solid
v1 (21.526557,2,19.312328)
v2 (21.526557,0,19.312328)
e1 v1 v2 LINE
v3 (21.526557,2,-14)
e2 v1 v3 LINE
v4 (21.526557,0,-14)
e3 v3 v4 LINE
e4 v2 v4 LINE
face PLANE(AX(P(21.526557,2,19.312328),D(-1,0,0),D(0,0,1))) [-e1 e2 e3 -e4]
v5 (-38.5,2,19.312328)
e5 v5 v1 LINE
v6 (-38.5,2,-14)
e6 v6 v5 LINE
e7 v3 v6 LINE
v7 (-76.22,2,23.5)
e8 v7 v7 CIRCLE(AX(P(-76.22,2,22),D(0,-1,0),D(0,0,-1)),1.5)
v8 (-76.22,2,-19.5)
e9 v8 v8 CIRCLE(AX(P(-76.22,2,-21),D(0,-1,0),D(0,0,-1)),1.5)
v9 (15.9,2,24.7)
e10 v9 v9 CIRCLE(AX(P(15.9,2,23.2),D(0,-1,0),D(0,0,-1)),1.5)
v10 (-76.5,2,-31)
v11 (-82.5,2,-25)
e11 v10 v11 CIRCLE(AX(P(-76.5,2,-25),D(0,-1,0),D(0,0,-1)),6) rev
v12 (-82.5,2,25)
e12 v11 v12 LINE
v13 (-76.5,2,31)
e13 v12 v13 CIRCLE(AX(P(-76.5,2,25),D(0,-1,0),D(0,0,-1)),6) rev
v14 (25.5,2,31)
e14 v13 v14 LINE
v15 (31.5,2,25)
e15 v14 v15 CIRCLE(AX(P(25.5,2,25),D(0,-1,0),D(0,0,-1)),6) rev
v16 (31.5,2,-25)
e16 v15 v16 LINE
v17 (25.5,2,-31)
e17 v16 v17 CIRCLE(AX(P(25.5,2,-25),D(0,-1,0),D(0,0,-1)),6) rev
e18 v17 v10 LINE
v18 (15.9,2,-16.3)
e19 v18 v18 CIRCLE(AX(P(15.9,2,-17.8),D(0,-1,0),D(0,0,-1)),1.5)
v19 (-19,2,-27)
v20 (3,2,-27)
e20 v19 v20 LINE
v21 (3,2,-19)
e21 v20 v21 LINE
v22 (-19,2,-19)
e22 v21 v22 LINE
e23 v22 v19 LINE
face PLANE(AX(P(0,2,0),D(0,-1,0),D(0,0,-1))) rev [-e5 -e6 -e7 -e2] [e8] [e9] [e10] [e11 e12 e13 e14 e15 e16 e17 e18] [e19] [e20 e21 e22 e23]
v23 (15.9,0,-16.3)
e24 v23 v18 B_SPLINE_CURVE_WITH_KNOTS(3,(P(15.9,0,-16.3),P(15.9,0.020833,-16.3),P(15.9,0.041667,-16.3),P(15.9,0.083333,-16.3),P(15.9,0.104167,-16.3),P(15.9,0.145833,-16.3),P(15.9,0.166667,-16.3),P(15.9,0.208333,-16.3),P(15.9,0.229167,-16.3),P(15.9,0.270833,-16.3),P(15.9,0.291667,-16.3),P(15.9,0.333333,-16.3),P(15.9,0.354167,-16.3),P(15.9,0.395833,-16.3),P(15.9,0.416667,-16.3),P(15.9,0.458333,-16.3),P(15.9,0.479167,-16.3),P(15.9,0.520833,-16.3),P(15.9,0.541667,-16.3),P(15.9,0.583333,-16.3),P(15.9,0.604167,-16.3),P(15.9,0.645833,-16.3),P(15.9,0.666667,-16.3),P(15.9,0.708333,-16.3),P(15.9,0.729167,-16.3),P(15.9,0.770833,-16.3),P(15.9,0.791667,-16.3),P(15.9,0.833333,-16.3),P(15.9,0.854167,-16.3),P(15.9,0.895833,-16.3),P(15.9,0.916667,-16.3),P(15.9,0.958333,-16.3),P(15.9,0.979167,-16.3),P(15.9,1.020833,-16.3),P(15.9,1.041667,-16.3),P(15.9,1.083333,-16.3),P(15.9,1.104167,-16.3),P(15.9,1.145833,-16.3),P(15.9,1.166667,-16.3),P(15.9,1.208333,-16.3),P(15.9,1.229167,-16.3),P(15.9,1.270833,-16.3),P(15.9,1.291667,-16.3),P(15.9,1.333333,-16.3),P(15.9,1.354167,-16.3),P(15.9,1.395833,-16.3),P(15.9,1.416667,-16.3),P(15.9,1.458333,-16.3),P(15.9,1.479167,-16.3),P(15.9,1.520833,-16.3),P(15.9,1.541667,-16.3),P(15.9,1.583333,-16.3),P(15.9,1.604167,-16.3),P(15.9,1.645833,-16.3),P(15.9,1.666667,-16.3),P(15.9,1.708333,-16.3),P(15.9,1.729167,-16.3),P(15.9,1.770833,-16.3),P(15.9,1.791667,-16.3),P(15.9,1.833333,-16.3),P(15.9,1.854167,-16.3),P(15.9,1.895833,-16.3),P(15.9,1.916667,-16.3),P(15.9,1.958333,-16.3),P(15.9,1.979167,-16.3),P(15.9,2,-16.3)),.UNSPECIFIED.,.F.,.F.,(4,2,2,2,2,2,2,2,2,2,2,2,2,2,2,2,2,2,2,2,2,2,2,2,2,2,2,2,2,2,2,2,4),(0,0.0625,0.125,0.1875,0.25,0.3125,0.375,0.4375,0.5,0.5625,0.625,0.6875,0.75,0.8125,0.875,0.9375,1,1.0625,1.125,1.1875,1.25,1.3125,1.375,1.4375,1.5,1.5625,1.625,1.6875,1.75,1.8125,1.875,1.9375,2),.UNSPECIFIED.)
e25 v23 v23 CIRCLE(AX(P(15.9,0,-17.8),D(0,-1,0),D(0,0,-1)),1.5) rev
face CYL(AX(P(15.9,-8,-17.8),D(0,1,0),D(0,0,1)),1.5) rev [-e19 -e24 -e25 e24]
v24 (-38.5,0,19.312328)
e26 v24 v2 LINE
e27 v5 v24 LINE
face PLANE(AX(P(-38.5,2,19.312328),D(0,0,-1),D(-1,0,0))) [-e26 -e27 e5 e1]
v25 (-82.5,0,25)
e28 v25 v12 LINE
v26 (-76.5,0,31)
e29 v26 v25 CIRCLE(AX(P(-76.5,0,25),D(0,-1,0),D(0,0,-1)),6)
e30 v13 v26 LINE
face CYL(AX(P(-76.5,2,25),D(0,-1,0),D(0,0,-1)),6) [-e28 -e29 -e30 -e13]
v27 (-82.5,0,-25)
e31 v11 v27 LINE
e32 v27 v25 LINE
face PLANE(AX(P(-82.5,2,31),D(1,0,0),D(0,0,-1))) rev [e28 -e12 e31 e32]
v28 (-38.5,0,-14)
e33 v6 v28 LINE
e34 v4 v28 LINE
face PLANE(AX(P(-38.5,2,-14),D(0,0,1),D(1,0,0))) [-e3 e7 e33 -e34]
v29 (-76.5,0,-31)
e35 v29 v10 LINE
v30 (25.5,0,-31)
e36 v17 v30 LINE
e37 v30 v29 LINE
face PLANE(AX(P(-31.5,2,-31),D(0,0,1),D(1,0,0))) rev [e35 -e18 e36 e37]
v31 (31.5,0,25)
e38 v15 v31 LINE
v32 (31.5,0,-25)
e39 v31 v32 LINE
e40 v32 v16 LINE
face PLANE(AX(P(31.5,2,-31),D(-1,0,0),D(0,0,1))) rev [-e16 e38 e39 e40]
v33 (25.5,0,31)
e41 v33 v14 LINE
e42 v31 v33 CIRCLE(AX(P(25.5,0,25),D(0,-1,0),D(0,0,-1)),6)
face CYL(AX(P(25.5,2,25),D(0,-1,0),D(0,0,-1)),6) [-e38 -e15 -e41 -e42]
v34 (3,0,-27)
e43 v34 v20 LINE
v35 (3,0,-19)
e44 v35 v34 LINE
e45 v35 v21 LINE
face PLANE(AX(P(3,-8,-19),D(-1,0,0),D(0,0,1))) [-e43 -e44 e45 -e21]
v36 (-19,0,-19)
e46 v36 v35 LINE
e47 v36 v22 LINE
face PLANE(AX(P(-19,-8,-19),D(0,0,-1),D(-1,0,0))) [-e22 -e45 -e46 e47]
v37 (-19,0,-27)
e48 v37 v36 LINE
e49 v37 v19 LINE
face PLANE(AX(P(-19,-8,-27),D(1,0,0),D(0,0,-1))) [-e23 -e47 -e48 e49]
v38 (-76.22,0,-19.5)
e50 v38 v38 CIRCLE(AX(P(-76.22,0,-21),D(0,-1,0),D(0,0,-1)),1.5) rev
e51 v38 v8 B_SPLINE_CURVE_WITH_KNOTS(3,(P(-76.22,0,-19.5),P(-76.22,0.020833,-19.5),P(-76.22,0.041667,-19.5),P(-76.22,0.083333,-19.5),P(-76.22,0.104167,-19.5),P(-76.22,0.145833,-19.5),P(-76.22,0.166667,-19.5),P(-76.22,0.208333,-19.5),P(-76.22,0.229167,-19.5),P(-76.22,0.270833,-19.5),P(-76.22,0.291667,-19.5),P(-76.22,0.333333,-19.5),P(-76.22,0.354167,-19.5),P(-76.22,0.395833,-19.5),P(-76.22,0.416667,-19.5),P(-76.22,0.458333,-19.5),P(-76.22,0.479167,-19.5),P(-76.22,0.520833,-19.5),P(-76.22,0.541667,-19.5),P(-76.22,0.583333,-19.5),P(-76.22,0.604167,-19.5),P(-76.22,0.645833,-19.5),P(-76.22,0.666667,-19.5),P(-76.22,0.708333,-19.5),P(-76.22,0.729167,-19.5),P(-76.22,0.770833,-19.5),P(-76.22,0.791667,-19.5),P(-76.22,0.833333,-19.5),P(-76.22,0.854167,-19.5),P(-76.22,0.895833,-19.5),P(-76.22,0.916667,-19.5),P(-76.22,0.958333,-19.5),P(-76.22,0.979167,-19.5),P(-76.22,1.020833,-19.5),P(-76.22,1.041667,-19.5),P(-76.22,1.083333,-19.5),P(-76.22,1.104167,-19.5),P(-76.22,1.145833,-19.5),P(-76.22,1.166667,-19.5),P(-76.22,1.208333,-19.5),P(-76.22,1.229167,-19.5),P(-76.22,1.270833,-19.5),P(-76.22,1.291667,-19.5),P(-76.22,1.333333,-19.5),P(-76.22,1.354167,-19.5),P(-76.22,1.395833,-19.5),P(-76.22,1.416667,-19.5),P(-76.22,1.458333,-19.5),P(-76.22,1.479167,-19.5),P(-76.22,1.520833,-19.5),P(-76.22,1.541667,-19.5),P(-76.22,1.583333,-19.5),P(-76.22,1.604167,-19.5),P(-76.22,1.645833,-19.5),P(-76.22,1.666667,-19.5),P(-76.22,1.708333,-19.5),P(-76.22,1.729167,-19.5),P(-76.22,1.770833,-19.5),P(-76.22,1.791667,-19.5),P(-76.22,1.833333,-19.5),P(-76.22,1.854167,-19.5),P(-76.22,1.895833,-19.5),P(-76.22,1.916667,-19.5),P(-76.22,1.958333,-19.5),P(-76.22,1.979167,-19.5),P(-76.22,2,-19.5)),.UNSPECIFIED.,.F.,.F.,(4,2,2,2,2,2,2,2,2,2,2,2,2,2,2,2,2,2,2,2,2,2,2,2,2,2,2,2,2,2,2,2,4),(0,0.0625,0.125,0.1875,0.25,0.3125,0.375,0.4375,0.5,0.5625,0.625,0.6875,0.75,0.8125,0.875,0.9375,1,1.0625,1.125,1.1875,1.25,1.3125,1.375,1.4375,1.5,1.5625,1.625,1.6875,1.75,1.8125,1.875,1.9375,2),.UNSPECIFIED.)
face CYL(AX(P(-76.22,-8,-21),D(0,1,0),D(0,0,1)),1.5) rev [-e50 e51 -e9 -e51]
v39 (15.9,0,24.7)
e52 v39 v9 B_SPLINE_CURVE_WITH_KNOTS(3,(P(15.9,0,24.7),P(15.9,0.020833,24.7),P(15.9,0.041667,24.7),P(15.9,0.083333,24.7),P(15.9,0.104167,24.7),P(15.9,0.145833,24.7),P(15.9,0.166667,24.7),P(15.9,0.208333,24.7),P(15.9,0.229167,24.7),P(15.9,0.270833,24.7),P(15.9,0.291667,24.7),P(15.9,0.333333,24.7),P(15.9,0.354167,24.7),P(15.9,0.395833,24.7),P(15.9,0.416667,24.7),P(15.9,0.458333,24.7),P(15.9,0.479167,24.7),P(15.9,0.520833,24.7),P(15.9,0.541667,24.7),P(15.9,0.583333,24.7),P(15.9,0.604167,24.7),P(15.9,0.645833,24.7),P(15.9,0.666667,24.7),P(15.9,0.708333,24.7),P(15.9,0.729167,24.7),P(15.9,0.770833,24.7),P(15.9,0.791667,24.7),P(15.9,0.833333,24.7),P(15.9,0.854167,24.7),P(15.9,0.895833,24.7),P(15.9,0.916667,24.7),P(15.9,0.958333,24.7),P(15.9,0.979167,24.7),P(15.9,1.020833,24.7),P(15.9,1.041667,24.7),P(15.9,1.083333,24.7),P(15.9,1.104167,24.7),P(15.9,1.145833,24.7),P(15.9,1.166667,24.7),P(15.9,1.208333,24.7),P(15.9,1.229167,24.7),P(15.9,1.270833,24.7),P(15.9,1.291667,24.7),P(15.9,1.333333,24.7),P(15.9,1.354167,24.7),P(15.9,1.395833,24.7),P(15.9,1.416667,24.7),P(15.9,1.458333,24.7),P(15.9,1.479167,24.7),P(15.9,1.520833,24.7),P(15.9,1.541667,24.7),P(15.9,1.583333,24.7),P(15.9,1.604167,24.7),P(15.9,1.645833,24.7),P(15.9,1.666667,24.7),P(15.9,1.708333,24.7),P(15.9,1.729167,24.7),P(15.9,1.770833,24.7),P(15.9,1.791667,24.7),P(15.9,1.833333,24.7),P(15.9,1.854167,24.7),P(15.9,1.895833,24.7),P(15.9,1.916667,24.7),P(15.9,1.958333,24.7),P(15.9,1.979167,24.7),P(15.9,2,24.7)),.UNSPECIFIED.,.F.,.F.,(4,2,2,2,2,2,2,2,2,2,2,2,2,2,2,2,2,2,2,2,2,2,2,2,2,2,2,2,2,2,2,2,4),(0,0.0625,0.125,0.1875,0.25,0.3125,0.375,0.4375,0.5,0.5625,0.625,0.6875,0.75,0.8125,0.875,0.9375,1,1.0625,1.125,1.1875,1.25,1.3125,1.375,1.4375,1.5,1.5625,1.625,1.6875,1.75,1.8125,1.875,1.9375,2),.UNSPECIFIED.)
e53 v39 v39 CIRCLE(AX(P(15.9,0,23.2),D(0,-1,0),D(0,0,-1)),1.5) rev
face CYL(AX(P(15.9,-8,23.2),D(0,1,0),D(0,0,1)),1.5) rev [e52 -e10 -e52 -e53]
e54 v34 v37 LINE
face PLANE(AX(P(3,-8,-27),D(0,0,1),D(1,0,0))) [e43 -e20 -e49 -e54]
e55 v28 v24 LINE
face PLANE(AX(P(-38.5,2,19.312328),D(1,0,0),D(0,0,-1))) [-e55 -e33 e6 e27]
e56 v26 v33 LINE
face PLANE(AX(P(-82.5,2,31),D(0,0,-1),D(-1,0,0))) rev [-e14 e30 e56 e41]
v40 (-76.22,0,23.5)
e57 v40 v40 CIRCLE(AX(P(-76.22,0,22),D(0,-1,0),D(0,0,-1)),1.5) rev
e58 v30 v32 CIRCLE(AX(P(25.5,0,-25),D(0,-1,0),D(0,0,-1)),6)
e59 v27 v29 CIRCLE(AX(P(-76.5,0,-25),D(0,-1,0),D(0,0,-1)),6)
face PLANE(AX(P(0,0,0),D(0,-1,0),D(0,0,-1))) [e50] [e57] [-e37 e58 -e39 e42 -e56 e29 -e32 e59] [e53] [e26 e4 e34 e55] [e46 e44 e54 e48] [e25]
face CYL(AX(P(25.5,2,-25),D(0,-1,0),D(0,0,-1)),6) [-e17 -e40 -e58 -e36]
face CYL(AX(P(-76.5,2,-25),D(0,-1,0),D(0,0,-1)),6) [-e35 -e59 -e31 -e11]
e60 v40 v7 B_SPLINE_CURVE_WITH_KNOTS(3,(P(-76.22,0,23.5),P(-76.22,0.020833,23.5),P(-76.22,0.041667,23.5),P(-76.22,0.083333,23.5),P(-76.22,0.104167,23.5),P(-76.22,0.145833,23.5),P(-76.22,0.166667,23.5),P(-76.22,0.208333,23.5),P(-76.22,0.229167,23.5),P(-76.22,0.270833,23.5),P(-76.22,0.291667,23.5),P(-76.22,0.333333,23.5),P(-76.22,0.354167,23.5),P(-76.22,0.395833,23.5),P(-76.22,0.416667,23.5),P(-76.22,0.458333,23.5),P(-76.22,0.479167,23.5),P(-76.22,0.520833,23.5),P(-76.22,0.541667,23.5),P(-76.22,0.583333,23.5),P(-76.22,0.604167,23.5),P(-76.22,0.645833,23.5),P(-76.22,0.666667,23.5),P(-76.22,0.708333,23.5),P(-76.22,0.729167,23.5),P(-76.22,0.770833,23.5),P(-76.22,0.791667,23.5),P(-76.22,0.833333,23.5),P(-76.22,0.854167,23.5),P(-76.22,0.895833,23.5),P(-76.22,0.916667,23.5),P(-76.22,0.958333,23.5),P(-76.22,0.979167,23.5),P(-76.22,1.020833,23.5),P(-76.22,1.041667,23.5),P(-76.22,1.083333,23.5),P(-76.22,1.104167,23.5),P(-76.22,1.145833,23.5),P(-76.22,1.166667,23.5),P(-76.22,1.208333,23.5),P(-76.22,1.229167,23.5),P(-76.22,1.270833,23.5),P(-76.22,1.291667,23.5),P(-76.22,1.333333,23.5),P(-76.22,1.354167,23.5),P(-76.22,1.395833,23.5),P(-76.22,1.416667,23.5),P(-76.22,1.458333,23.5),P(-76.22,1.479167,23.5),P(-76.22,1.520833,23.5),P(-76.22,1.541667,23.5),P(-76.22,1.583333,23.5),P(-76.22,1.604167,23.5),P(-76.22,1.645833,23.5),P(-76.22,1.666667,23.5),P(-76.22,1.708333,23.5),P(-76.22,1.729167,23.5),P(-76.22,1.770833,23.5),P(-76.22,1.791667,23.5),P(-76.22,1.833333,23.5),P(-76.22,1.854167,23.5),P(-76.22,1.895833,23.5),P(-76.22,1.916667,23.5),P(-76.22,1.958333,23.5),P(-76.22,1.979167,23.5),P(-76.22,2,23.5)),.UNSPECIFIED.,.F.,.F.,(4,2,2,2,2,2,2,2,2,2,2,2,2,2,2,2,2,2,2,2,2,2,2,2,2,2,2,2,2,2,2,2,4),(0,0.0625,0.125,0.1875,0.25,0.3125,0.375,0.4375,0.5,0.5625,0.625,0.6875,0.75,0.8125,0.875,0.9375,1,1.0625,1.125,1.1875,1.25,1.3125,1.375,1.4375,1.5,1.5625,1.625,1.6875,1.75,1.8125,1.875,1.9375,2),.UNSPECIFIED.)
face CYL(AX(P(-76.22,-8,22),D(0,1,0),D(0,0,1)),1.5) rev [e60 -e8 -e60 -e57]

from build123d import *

# Parameters (mm, degrees)
SKETCH_1_W          = 60.026557182
SKETCH_1_H          = 33.312327563
EXTRUDE_1_DEPTH     = 2
SKETCH_3_R          = 1.5
SKETCH_3_W          = 22
SKETCH_3_H          = 8
CUT_EXTRUDE_1_DEPTH = 10
FILLET_1_R          = 6


with BuildPart() as part:
    # Эскиз1 → Бобышка-Вытянуть1 (new body)
    with BuildSketch(Plane(origin=(0, 0, 0), x_dir=(1, 0, 0), z_dir=(0, 1, 0))):
        Polygon((-82.5, -31), (-82.5, -21), (-82.5, 31), (-31.5, 31), (31.5, 31), (31.5, -31), align=None)
        with Locations((-8.486721409, -2.656163782)):
            Rectangle(SKETCH_1_W, SKETCH_1_H, mode=Mode.SUBTRACT)
    extrude(amount=EXTRUDE_1_DEPTH)

    # Эскиз3 → Вырез-Вытянуть1 (cut)
    with BuildSketch(Plane.XZ.offset(-2)):
        with Locations(Location((15.9, 23.2, 0), (0, 0, 270))):
            Circle(SKETCH_3_R)
        with Locations(Location((15.9, -17.8, 0), (0, 0, 270))):
            Circle(SKETCH_3_R)
        with Locations(Location((-76.22, 22, 0), (0, 0, 270))):
            Circle(SKETCH_3_R)
        with Locations(Location((-76.22, -21, 0), (0, 0, 270))):
            Circle(SKETCH_3_R)
        with Locations((-8, -23)):
            Rectangle(SKETCH_3_W, SKETCH_3_H)
    extrude(amount=CUT_EXTRUDE_1_DEPTH, mode=Mode.SUBTRACT)

    # Скругление1
    fillet_1_edges = [part.edges().sort_by_distance(p)[0] for p in [
        (-82.5, 1, 31),
        (-82.5, 1, -31),
        (31.5, 1, -31),
        (31.5, 1, 31),
    ]]
    fillet(fillet_1_edges, radius=FILLET_1_R)


solid = part.part
